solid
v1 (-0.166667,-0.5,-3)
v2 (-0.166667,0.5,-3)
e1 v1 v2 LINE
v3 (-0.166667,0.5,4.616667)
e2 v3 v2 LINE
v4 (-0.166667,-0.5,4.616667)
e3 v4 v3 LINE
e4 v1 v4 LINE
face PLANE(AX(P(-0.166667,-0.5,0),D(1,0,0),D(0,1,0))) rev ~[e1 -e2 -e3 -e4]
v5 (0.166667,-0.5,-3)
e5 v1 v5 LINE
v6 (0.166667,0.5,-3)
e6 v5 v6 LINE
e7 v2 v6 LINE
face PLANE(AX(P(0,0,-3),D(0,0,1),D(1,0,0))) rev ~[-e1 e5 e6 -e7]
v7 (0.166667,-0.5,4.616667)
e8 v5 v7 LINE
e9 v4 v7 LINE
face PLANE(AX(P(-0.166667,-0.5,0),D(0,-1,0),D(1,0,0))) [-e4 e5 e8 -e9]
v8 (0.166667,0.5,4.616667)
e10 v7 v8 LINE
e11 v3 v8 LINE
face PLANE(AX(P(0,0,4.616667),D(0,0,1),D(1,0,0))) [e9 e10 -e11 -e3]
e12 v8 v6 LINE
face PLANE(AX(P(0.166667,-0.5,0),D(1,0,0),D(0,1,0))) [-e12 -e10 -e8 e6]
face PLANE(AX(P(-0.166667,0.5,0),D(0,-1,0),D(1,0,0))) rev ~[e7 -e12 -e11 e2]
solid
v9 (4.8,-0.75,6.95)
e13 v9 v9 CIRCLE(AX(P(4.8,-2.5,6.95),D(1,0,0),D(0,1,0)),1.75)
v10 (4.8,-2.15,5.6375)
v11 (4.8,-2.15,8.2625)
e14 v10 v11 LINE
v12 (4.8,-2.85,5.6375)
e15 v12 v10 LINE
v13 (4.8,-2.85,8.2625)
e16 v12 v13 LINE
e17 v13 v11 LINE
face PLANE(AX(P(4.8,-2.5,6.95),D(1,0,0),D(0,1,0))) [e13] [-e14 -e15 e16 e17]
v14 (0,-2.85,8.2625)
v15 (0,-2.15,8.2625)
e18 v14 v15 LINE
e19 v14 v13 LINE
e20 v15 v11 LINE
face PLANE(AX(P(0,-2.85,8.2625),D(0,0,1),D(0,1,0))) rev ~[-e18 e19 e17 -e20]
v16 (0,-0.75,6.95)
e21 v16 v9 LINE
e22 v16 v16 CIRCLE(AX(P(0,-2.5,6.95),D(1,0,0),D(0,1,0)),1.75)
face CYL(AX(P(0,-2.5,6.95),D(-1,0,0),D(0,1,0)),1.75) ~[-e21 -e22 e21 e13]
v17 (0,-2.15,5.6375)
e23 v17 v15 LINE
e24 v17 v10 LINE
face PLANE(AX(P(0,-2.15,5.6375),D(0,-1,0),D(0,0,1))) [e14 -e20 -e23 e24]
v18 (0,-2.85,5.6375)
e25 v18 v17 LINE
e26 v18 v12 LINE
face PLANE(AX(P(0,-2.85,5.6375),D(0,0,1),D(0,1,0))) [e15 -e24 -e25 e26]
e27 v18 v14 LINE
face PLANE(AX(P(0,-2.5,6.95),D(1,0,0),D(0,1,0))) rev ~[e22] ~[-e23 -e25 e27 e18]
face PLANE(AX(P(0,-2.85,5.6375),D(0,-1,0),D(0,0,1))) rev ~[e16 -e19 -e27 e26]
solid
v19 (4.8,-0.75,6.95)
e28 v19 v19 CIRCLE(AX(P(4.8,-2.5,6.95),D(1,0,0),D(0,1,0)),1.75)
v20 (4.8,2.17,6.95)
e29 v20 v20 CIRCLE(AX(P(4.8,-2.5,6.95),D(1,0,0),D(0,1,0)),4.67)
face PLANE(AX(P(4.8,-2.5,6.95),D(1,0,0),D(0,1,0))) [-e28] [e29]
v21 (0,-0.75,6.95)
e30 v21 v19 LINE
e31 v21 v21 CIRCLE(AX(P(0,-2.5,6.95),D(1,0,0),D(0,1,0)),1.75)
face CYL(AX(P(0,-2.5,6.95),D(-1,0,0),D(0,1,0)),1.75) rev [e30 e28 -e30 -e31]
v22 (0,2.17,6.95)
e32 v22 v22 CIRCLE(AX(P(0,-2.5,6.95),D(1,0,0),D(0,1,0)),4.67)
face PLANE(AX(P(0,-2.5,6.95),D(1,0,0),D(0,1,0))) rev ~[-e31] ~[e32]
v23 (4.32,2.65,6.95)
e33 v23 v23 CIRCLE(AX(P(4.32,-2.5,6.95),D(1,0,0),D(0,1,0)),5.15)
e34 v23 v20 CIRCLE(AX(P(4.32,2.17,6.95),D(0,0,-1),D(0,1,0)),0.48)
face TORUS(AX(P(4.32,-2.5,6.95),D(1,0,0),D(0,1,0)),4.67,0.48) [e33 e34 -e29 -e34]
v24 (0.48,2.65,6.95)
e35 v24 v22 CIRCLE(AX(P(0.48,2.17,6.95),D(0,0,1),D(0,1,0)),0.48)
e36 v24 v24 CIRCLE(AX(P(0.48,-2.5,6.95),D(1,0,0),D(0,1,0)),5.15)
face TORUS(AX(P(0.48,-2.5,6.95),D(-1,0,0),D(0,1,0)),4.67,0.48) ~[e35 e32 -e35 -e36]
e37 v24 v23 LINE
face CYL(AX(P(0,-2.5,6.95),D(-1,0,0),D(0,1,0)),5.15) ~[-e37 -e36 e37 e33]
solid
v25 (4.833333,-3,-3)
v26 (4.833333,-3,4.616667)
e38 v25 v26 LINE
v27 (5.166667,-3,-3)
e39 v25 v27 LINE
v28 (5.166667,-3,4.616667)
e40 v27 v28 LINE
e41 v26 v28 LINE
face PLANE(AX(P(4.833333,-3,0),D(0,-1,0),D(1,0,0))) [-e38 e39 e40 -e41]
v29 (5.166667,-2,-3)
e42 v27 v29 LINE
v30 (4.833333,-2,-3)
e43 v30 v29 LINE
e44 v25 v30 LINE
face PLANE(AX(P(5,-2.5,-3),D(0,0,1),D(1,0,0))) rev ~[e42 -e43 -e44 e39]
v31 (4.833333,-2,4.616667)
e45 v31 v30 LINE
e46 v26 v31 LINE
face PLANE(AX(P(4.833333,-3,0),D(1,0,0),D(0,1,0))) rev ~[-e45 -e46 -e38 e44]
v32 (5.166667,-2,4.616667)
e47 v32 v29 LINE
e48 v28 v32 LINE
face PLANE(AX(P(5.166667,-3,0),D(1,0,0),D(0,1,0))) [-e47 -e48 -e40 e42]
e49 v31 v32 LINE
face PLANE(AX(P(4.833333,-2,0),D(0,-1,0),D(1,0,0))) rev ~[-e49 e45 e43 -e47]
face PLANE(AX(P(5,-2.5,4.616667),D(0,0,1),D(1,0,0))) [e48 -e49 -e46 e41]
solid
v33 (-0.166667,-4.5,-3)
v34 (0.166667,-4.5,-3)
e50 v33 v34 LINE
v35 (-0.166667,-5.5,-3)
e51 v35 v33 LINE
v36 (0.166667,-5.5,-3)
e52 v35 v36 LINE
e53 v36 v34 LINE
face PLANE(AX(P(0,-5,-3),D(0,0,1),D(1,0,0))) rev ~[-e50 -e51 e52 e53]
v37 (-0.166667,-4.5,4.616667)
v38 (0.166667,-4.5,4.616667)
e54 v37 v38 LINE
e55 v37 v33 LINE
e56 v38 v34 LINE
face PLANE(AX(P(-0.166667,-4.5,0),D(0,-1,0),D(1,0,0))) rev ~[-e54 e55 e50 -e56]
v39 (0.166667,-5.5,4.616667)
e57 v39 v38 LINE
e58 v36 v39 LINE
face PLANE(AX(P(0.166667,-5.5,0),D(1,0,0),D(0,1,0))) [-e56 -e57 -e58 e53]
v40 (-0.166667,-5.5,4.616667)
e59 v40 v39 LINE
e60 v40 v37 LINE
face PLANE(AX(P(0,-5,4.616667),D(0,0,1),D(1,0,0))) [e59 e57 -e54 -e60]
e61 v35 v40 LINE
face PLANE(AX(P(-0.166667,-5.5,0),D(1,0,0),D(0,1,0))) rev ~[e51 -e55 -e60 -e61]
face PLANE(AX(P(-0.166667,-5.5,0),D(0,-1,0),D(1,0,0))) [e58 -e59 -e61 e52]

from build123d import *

# Parameters (mm, degrees)
SKETCH001_R       = 1.75
SKETCH001_W       = 0.7
SKETCH001_H       = 2.625
PAD001_DEPTH      = 4.8
SKETCH_R          = 5.15
SKETCH_R_2        = 1.75
PAD_DEPTH         = 4.8
FILLET_R          = 0.48
SKETCH003_W       = 0.333334
SKETCH003_H       = 1
PAD002_DEPTH      = 4.616667
PAD002_DEPTH_BACK = 3


with BuildPart() as pad001:
    # Sketch001 → Pad001 (new body)
    with BuildSketch(Plane.YZ):
        with Locations((-2.5, 6.95)):
            Circle(SKETCH001_R)
        with Locations((-2.5, 6.95)):
            Rectangle(SKETCH001_W, SKETCH001_H, mode=Mode.SUBTRACT)
    extrude(amount=PAD001_DEPTH)


with BuildPart() as fillet_body:
    # Sketch → Pad (new body)
    with BuildSketch(Plane.YZ):
        with Locations((-2.5, 6.95)):
            Circle(SKETCH_R)
        with Locations((-2.5, 6.95)):
            Circle(SKETCH_R_2, mode=Mode.SUBTRACT)
    extrude(amount=PAD_DEPTH)

    # Fillet
    fillet_edges = [fillet_body.edges().sort_by_distance(p)[0] for p in [
        (0, -7.65, 6.95),
        (4.8, -7.65, 6.95),
    ]]
    fillet(fillet_edges, radius=FILLET_R)


with BuildPart() as pad002:
    # Sketch003 → Pad002 (new body, two sides)
    with BuildSketch(Plane.XY) as pad002_sk:
        Rectangle(SKETCH003_W, SKETCH003_H)
        with Locations((5, -2.5)):
            Rectangle(SKETCH003_W, SKETCH003_H)
        with Locations((0, -5)):
            Rectangle(SKETCH003_W, SKETCH003_H)
    extrude(amount=PAD002_DEPTH)
    extrude(pad002_sk.sketch, amount=-PAD002_DEPTH_BACK)


solid = Compound([pad001.part, fillet_body.part, pad002.part])
